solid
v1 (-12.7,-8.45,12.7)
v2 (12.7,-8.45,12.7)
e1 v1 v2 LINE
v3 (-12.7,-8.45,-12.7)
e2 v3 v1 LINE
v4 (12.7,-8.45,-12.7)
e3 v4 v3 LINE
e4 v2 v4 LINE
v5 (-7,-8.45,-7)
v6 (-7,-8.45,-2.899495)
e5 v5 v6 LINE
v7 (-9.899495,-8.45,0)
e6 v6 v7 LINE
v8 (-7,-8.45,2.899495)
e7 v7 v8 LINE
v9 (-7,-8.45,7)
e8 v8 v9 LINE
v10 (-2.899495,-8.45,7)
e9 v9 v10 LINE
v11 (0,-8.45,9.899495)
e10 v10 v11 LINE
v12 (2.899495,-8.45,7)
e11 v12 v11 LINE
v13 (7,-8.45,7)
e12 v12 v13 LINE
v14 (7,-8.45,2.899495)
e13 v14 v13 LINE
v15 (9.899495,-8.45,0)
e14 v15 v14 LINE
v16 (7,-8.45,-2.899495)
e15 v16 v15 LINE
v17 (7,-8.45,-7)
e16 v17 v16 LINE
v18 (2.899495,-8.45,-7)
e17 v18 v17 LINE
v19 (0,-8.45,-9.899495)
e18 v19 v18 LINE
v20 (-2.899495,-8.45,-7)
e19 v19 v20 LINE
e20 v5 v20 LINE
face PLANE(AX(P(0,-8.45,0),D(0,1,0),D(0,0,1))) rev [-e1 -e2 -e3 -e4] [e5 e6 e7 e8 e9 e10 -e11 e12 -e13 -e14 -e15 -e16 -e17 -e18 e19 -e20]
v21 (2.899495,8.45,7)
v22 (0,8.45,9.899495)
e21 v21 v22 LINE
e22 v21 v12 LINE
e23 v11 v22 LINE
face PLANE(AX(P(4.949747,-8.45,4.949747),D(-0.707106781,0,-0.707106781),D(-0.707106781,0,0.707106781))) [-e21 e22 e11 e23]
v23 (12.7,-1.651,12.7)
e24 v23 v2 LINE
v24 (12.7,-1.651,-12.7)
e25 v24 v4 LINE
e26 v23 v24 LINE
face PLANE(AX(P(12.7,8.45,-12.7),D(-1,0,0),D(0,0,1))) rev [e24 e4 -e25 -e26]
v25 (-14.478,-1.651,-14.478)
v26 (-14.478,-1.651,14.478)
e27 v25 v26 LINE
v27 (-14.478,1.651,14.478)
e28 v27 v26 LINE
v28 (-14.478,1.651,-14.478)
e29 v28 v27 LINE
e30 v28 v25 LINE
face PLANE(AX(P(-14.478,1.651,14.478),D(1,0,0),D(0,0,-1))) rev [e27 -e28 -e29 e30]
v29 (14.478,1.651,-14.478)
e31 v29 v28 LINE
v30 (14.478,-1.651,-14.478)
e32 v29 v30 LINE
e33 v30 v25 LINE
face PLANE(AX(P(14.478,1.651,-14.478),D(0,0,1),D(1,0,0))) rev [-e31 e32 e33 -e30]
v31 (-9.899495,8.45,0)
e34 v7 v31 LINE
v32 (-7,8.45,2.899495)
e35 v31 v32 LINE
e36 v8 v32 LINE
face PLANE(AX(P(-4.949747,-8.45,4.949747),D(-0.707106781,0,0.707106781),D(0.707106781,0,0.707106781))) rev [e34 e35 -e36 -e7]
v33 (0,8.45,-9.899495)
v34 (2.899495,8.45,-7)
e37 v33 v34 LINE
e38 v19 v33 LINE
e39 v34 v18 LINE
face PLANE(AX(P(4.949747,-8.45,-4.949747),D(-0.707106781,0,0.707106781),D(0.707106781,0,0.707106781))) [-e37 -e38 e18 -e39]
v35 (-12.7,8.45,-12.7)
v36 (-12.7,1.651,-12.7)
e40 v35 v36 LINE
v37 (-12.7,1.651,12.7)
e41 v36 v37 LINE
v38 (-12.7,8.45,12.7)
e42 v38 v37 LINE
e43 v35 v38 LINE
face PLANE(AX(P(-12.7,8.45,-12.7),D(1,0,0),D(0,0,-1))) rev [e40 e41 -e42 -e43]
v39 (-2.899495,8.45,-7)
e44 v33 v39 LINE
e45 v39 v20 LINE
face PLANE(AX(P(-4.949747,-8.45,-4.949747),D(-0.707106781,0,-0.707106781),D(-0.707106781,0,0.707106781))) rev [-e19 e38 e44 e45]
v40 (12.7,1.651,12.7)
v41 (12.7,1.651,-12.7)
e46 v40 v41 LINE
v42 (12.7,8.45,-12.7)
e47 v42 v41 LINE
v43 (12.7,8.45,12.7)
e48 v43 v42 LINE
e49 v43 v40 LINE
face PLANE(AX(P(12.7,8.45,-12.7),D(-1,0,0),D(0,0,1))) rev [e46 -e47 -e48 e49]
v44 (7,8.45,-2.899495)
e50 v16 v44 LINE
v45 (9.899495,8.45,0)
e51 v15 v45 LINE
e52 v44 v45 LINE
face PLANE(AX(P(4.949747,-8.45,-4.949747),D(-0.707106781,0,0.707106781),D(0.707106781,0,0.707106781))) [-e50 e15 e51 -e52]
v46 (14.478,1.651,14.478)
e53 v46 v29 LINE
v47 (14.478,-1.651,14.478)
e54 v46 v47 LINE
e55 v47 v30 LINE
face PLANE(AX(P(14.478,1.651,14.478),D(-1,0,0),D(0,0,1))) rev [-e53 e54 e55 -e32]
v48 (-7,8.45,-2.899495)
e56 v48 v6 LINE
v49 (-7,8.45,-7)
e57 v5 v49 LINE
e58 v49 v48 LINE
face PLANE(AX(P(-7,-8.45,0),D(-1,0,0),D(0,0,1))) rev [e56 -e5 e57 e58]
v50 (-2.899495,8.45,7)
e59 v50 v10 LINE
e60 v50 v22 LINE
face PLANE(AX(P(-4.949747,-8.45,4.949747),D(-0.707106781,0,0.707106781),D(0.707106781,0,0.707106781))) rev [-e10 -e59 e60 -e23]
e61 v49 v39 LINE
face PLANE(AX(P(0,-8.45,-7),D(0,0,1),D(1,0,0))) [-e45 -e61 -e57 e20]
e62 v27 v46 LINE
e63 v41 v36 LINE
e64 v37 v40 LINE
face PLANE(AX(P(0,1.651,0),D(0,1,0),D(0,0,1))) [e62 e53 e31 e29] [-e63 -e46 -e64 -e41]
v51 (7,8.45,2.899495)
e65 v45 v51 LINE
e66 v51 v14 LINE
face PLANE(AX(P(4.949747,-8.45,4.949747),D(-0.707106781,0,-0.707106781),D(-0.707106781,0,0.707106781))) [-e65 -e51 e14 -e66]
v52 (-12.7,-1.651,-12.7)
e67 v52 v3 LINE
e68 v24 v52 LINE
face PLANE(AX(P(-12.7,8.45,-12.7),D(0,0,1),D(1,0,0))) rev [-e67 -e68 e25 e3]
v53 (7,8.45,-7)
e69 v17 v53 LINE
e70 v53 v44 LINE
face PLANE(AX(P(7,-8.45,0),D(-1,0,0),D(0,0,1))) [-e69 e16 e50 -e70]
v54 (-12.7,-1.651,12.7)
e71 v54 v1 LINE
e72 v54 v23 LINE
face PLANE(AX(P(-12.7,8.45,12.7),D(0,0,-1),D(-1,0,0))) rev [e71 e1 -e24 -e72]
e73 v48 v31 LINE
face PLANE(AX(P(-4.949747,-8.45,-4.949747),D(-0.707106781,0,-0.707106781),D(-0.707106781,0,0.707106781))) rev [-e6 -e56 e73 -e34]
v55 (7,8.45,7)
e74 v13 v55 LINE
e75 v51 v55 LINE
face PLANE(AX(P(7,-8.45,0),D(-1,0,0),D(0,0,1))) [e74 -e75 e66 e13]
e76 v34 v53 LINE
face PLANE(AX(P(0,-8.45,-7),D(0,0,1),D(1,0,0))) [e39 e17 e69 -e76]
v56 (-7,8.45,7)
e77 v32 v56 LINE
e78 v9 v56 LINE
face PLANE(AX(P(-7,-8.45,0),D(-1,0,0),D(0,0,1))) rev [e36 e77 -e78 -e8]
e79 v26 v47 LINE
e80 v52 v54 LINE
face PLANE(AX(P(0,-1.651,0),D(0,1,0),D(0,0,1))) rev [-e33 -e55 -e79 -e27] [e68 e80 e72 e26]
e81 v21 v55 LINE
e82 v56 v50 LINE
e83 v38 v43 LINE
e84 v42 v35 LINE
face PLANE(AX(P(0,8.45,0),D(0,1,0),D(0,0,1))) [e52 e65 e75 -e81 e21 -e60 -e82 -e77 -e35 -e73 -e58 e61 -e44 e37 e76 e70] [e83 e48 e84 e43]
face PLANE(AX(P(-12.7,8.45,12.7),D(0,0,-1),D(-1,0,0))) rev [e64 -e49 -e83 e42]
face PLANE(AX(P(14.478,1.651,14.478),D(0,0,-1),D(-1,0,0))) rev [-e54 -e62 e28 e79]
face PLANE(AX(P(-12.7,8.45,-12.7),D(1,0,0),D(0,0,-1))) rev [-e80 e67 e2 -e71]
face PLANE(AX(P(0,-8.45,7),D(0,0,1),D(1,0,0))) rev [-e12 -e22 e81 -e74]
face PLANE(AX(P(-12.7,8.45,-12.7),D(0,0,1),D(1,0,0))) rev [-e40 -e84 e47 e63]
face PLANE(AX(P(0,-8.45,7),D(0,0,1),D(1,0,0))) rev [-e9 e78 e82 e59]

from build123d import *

# Parameters (mm, degrees)
SKETCH1_W           = 25.4
SKETCH1_H           = 25.4
BOSS_EXTRUDE1_DEPTH = 8.45
SKETCH2_W           = 28.956
SKETCH2_H           = 28.956
BOSS_EXTRUDE2_DEPTH = 1.651
CUT_EXTRUDE1_DEPTH  = 27.54872818
CIRPATTERN1_COUNT   = 2
CIRPATTERN1_ANGLE   = 45
SKETCH4_W           = 14
SKETCH4_H           = 14
CUT_EXTRUDE2_DEPTH  = 27.54872818


with BuildPart() as part:
    # Sketch1 → Boss-Extrude1 (new, symmetric)
    with BuildSketch(Plane(origin=(0, 0, 0), x_dir=(1, 0, 0), z_dir=(0, 1, 0))):
        Rectangle(SKETCH1_W, SKETCH1_H)
    extrude(amount=BOSS_EXTRUDE1_DEPTH, both=True)

    # Sketch2 → Boss-Extrude2 (add, symmetric)
    with BuildSketch(Plane(origin=(0, 0, 0), x_dir=(1, 0, 0), z_dir=(0, 1, 0))):
        Rectangle(SKETCH2_W, SKETCH2_H)
    extrude(amount=BOSS_EXTRUDE2_DEPTH, both=True)

    # Sketch3 → Cut-Extrude1 (cut, through all)
    with BuildSketch(Plane(origin=(0, 8.45, 0), x_dir=(1, 0, 0), z_dir=(0, 1, 0))):
        Polygon((-5.727922061, 7), (-7, 5.727922061), (-7, -5.727922061), (-5.727922061, -7), (5.727922061, -7), (7, -5.727922061), (7, 5.727922061), (5.727922061, 7), align=None)
    cut_extrude1 = extrude(amount=-CUT_EXTRUDE1_DEPTH, mode=Mode.SUBTRACT)

    # CirPattern1: Cut-Extrude1 ×2 about axis
    cirpattern1_axis = Axis((0, 50, 0), (0, -1, 0))
    for i in range(1, CIRPATTERN1_COUNT):
        add(cut_extrude1.rotate(cirpattern1_axis, i * CIRPATTERN1_ANGLE / (CIRPATTERN1_COUNT - 1)), mode=Mode.SUBTRACT)

    # Sketch4 → Cut-Extrude2 (cut, through all)
    with BuildSketch(Plane(origin=(0, 8.45, 0), x_dir=(1, 0, 0), z_dir=(0, 1, 0))):
        Rectangle(SKETCH4_W, SKETCH4_H)
        Polygon((0, -9.899494937), (-9.899494937, 0), (0, 9.899494937), (9.899494937, 0), align=None)
    extrude(amount=-CUT_EXTRUDE2_DEPTH, mode=Mode.SUBTRACT)


solid = part.part
